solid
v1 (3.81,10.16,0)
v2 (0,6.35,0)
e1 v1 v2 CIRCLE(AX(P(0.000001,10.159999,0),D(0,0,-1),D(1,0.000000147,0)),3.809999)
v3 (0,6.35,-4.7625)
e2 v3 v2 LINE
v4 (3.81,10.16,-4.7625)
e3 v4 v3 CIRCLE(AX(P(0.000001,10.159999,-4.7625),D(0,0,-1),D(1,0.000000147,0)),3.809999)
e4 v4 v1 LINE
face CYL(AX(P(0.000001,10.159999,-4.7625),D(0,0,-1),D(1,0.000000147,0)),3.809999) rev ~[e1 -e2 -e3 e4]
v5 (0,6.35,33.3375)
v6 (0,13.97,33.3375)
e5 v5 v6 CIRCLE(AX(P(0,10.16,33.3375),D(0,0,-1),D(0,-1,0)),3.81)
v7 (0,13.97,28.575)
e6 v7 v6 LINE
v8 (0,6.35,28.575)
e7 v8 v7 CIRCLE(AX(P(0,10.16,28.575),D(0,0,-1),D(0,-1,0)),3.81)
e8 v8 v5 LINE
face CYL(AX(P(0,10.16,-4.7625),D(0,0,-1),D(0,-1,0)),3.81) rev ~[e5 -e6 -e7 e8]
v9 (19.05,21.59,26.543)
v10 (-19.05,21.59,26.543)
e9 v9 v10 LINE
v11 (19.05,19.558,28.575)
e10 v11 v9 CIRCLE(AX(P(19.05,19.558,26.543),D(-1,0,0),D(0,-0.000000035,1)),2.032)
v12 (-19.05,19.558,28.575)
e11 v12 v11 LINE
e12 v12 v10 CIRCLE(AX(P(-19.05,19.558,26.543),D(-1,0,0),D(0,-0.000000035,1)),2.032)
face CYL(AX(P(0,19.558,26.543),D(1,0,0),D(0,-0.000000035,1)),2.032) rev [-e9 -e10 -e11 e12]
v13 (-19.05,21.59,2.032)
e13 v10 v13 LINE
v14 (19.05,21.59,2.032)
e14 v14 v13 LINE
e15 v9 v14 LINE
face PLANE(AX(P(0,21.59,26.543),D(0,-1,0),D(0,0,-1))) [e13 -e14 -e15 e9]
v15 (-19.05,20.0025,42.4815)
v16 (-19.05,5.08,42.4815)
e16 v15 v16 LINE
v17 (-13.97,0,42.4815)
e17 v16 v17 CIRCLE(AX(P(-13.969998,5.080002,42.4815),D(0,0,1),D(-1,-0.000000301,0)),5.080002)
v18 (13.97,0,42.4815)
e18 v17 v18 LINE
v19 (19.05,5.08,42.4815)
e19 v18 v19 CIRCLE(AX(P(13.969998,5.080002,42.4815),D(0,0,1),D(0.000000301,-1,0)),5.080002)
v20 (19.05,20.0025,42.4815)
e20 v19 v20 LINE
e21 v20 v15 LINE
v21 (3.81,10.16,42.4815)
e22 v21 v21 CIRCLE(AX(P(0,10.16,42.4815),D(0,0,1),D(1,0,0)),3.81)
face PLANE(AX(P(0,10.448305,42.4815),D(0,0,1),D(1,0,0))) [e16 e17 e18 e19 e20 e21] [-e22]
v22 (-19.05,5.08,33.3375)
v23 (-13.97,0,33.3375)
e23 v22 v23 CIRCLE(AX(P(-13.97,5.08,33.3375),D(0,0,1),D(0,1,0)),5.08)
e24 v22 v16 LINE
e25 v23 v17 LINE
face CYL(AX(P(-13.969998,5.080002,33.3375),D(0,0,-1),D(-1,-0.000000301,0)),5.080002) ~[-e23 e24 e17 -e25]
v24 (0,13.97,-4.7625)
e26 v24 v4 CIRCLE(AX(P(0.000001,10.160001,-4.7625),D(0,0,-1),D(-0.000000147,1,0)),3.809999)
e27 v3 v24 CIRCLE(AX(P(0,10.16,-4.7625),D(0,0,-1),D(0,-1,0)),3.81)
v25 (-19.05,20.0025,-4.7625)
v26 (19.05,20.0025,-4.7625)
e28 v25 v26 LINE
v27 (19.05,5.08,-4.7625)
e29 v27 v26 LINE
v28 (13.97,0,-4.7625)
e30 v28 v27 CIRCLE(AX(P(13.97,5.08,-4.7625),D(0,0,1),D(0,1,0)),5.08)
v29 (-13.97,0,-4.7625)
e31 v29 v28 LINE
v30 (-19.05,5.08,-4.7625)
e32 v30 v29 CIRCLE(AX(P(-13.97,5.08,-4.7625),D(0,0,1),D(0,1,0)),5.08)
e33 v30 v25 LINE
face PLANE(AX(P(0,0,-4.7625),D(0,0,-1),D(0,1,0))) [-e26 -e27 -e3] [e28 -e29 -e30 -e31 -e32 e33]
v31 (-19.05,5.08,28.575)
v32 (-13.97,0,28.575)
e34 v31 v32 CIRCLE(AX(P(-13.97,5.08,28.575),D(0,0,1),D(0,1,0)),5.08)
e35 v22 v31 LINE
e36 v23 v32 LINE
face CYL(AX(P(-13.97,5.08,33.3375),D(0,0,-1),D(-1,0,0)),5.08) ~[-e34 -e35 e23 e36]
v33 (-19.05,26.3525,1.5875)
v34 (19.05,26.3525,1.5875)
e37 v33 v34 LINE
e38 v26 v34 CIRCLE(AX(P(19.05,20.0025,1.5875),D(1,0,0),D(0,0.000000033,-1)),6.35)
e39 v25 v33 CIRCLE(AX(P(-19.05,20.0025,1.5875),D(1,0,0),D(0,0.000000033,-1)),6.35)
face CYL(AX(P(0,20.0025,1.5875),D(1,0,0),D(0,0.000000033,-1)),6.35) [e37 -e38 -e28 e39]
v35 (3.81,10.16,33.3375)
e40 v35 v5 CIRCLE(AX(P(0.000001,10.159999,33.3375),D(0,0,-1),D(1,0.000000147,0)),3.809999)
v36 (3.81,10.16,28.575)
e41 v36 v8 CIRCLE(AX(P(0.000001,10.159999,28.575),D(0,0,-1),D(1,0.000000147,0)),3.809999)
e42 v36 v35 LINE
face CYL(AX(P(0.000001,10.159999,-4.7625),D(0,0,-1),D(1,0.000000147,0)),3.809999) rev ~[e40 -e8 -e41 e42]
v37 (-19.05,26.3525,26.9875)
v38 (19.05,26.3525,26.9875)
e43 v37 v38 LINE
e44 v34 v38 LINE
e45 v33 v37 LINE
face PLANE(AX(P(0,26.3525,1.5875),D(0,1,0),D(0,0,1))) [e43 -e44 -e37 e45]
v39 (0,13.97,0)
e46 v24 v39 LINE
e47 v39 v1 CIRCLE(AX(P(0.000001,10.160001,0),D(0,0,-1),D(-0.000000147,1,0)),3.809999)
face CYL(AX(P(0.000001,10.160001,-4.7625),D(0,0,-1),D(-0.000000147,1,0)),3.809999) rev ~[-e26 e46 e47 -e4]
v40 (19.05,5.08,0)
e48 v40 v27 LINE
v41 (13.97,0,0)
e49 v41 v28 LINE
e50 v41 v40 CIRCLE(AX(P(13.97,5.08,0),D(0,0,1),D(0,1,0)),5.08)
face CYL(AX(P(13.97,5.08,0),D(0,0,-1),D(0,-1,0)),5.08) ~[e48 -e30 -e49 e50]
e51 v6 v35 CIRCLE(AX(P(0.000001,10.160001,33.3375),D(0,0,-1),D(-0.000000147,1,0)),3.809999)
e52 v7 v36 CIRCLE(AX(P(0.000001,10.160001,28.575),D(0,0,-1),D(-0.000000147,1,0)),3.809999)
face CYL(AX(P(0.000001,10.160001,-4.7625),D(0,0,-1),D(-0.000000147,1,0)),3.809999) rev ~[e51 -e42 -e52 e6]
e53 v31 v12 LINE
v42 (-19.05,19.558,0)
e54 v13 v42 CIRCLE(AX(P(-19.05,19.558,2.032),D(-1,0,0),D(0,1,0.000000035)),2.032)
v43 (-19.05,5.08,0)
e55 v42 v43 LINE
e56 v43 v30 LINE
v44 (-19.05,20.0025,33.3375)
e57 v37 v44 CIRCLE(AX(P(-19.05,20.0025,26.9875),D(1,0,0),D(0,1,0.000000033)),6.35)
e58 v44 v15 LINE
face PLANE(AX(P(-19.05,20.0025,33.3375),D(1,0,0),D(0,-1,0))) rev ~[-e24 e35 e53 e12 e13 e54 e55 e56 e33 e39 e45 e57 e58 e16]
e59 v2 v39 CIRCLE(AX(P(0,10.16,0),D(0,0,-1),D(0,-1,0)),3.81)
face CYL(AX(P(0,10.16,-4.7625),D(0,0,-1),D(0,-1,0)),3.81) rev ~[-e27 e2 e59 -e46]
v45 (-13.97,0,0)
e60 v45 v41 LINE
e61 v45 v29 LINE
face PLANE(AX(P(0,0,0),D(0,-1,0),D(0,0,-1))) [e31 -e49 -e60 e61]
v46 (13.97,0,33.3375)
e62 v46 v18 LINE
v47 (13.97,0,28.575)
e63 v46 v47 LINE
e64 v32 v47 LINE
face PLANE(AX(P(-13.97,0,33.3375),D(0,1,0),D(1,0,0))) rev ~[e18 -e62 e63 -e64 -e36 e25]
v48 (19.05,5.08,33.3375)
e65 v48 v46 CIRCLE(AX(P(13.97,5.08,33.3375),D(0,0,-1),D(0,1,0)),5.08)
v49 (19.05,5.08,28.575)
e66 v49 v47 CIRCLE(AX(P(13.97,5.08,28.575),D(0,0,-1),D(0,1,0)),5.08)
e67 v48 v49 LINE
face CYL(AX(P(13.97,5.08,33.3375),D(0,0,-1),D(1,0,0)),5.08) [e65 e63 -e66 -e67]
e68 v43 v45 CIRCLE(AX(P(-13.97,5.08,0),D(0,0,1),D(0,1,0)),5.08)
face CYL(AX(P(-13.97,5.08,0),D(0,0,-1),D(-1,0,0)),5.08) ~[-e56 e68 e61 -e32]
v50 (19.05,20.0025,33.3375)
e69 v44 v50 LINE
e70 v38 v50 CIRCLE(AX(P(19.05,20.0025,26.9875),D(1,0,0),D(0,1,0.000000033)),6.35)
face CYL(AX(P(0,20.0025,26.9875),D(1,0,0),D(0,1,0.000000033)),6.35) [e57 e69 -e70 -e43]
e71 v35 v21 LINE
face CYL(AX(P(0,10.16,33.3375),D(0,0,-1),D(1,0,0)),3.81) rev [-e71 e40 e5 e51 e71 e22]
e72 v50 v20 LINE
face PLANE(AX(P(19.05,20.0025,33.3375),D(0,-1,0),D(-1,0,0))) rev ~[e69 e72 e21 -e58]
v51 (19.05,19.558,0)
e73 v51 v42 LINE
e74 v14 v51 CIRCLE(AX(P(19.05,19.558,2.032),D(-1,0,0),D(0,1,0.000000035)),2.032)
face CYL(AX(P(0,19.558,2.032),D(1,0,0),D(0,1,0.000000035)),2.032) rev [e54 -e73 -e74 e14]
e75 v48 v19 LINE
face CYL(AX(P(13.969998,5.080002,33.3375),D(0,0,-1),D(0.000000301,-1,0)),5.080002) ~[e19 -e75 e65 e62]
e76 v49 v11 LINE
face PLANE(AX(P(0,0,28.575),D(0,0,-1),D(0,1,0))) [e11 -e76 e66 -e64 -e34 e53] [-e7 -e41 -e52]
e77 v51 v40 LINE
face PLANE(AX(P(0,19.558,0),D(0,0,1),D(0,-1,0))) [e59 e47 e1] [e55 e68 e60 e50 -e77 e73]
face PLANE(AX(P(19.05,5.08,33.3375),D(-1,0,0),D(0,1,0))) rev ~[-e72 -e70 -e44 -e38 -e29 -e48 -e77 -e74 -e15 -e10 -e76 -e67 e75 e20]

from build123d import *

# Parameters (mm, degrees)
F1_DEPTH = 19.05
F3_DEPTH = 70.5358
F4_R     = 5.08
F5_R     = 3.81
F6_DEPTH = 9.144


with BuildPart() as f1:
    # F0 (on Right) → F1 (new body, symmetric)
    with BuildSketch(Plane.YZ):
        with BuildLine():
            Line((19.558, 0), (0, 0))
            Line((0, 0), (0, -4.7625))
            Line((0, -4.7625), (20.0025, -4.7625))
            ThreePointArc((20.0025, -4.7625), (24.492628, -2.902628), (26.3525, 1.5875))
            Line((26.3525, 1.5875), (26.3525, 26.9875))
            ThreePointArc((26.3525, 26.9875), (24.492628, 31.477628), (20.0025, 33.3375))
            Line((20.0025, 33.3375), (0, 33.3375))
            Line((0, 33.3375), (0, 28.575))
            Line((0, 28.575), (19.558, 28.575))
            ThreePointArc((19.558, 28.575), (20.994841, 27.979841), (21.59, 26.543))
            Line((21.59, 26.543), (21.59, 2.032))
            ThreePointArc((21.59, 2.032), (20.994841, 0.595159), (19.558, 0))
        make_face()
    extrude(amount=F1_DEPTH, both=True)

    # F2 (on face) → F3 (cut)
    with BuildSketch(Plane(origin=(0, 0, -4.7625), x_dir=(1, 0, 0), z_dir=(0, 0, -1))):
        with BuildLine():
            ThreePointArc((3.81, -10.16), (2.694077, -7.465923), (0, -6.35))
            Line((0, -6.35), (0, -13.97))
            ThreePointArc((0, -13.97), (2.694077, -12.854077), (3.81, -10.16))
        make_face()
        with BuildLine():
            Line((0, -13.97), (0, -6.35))
            ThreePointArc((0, -6.35), (-3.81, -10.16), (0, -13.97))
        make_face()
    extrude(amount=-F3_DEPTH, mode=Mode.SUBTRACT)

    # F4
    f4_edges = [f1.edges().sort_by_distance(p)[0] for p in [
        (-19.05, 0, 30.95625),
        (19.05, 0, 30.95625),
        (19.05, 0, -2.38125),
        (-19.05, 0, -2.38125),
    ]]
    fillet(f4_edges, radius=F4_R)

    # F5 (on face) → F6 (join)
    with BuildSketch(Plane.XY.offset(33.3375)):
        with BuildLine():
            Line((19.05, 20.0025), (-19.05, 20.0025))
            Line((-19.05, 20.0025), (-19.05, 5.08))
            ThreePointArc((-19.05, 5.08), (-17.562102, 1.487898), (-13.97, 0))
            Line((-13.97, 0), (13.97, 0))
            ThreePointArc((13.97, 0), (17.562102, 1.487898), (19.05, 5.08))
            Line((19.05, 5.08), (19.05, 20.0025))
        make_face()
        with Locations((0, 10.16)):
            Circle(F5_R, mode=Mode.SUBTRACT)
    extrude(amount=F6_DEPTH)


solid = f1.part
